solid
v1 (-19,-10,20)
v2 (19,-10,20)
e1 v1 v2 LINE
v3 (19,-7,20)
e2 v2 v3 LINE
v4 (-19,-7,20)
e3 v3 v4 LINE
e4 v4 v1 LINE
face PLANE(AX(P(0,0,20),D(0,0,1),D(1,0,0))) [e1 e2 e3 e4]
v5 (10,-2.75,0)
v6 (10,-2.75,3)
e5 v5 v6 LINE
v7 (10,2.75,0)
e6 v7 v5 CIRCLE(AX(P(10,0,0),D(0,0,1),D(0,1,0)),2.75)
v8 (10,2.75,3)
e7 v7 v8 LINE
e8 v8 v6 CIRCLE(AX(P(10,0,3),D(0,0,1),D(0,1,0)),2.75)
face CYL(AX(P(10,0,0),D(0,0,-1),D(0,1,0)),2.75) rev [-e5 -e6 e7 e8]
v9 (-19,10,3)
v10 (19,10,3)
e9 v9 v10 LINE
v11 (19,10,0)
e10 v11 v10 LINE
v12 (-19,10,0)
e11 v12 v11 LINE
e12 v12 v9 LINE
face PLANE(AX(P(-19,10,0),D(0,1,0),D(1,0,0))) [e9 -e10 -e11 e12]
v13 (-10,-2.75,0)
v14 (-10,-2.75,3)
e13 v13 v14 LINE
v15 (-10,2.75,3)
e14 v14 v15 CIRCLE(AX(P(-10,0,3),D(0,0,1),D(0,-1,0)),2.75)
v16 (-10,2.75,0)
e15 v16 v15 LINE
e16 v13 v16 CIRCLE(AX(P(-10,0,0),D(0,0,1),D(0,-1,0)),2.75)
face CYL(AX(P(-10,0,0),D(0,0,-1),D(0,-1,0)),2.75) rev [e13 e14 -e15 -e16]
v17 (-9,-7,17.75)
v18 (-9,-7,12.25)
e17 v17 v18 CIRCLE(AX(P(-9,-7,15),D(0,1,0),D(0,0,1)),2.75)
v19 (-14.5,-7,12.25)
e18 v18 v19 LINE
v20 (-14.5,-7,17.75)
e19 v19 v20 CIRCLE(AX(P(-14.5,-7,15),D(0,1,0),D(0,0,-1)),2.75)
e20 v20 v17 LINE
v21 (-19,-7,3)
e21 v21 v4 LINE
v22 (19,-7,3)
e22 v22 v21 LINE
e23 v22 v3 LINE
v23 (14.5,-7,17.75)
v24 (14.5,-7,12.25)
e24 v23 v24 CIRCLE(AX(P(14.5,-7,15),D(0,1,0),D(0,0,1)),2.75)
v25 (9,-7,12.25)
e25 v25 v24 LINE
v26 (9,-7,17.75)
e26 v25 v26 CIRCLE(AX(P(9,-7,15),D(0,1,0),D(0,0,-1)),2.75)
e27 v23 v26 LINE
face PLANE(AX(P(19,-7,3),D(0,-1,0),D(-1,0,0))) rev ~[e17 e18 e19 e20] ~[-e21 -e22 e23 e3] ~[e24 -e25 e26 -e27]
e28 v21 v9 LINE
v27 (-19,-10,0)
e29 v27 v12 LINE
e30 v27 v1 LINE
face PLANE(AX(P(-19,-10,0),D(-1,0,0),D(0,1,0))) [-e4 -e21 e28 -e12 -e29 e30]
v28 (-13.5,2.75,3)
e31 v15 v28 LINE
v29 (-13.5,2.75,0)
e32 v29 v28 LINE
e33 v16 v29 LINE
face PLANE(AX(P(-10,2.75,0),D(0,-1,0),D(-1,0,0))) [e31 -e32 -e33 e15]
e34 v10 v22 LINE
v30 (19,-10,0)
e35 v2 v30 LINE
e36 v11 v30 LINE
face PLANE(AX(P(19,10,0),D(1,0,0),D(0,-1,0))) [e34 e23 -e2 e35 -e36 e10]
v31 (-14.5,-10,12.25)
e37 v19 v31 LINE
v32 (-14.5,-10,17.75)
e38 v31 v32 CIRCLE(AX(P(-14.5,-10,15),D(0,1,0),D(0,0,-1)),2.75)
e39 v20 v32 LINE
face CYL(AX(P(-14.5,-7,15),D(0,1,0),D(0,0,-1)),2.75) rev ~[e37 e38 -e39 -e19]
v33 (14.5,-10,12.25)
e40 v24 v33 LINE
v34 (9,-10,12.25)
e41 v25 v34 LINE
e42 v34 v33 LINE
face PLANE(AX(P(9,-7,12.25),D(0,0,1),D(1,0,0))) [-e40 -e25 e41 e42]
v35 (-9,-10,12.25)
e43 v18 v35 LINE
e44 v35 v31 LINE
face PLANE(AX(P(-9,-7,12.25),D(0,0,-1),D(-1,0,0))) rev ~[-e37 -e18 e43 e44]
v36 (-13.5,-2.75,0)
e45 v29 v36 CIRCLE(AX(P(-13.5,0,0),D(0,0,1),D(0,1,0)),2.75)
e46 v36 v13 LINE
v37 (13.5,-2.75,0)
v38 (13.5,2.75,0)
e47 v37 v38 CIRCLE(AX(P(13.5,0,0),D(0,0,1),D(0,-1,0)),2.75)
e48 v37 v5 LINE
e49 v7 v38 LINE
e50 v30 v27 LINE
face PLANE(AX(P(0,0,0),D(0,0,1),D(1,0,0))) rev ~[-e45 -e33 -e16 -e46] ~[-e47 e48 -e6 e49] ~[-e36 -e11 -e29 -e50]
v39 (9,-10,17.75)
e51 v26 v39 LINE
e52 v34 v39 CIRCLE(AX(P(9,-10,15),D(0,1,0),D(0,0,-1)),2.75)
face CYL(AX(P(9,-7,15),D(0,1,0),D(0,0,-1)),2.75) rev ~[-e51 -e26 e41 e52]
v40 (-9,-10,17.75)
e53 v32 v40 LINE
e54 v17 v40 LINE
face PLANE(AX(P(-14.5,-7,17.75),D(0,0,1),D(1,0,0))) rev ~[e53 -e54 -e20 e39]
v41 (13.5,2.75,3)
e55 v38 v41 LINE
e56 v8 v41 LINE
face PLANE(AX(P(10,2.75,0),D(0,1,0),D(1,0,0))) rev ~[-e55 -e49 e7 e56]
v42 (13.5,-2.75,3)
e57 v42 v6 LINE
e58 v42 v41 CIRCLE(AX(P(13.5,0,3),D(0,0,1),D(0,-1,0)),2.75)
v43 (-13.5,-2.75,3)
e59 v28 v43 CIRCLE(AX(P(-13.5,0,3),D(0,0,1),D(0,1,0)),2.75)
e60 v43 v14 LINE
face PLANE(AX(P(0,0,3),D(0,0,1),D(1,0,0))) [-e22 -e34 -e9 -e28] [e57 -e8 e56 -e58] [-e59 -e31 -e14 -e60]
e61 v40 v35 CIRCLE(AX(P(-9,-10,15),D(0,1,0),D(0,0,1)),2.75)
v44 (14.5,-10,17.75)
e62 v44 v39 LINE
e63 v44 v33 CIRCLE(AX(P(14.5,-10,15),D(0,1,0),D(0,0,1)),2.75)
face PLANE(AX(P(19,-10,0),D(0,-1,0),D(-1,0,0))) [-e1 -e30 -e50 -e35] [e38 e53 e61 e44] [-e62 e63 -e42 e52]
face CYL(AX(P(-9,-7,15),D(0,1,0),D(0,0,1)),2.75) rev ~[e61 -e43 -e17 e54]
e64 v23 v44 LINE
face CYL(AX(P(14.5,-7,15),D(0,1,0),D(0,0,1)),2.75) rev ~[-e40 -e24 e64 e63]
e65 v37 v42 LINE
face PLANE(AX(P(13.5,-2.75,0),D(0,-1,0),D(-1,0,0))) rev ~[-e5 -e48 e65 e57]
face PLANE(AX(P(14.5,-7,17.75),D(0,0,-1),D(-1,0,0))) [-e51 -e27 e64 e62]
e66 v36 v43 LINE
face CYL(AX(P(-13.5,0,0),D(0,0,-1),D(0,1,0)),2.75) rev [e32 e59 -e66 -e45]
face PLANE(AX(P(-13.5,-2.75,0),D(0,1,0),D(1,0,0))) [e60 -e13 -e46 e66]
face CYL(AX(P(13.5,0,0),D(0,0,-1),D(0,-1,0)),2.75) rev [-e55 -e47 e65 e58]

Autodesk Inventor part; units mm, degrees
ref_plane "YZ Plane" through (0, 0, 0) normal (1, 0, 0) x (0, 1, 0)
ref_plane "XZ Plane" through (0, 0, 0) normal (0, 1, 0) x (-1, 0, 0)
ref_plane "XY Plane" through (0, 0, 0) normal (0, 0, 1) x (1, 0, 0)
sketch "Sketch1" plane through (0, 0, 0) normal (0, 0, 1) x (1, 0, 0)
  line L0 (-19, 10) -> (19, 10)
  line L1 (19, 10) -> (19, -10)
  line L2 (19, -10) -> (-19, -10)
  line L3 (-19, -10) -> (-19, 10)
  line L4 (-19, 0) -> (19, 0) construction
  line L5 (-13.5, 0) -> (-10, 0) construction
  line L6 (-13.5, -2.75) -> (-10, -2.75)
  line L7 (-10, 2.75) -> (-13.5, 2.75)
  arc A0 (-13.5, 2.75) -> (-13.5, -2.75) centre (-13.5, 0) ccw
  arc A1 (-10, -2.75) -> (-10, 2.75) centre (-10, 0) ccw
  line L8 (0, 10) -> (0, -10) construction
  line L9 (13.5, 0) -> (10, 0) construction
  line L10 (13.5, -2.75) -> (10, -2.75)
  line L11 (10, 2.75) -> (13.5, 2.75)
  arc A2 (13.5, -2.75) -> (13.5, 2.75) centre (13.5, 0) ccw
  arc A3 (10, 2.75) -> (10, -2.75) centre (10, 0) ccw
  point P0 (0, 0)
  point P1 (-11.75, 0)
  point P2 (11.75, 0)
  dimension "d0" = 20
  dimension "d1" = 38
  dimension "d2" = 5.5
  dimension "d3" = 3.5
  dimension "d4" = 10
  dimension "d15" = 23.5
extrude "Extrusion1" add sketch "Sketch1" along normal blind 3
sketch "Sketch2" plane through (0, 0, 3) normal (0, 0, 1) x (1, 0, 0)
  line L0 (19, -10) -> (19, 10) projected
  line L1 (-19, -10) -> (19, -10)
  line L2 (19, -10) -> (19, -7)
  line L3 (19, -7) -> (-19, -7)
  line L4 (-19, -7) -> (-19, -10)
  point P0 (0, 0)
  dimension "d7" = 3
extrude "Extrusion2" add sketch "Sketch2" along normal blind 17
sketch "Sketch3" plane through (-19, -7, 3) normal (0, 1, 0) x (1, 0, 0)
  line L0 (0, 0) -> (0, -17) projected
  line L1 (38, -17) -> (0, -17) projected
  line L2 (38, 0) -> (38, -17) projected
  line L3 (0, -12) -> (38, -12) construction
  line L4 (4.5, -12) -> (10, -12) construction
  line L5 (4.5, -14.75) -> (10, -14.75)
  line L6 (10, -9.25) -> (4.5, -9.25)
  arc A0 (4.5, -9.25) -> (4.5, -14.75) centre (4.5, -12) ccw
  arc A1 (10, -14.75) -> (10, -9.25) centre (10, -12) ccw
  line L7 (0, 0) -> (38, 0) projected
  line L8 (19, 0) -> (19, -17) construction
  line L9 (33.5, -12) -> (28, -12) construction
  line L10 (33.5, -14.75) -> (28, -14.75)
  line L11 (28, -9.25) -> (33.5, -9.25)
  arc A2 (33.5, -14.75) -> (33.5, -9.25) centre (33.5, -12) ccw
  arc A3 (28, -9.25) -> (28, -14.75) centre (28, -12) ccw
  point P0 (19, 3)
  point P1 (7.25, -12)
  point P2 (19, -12)
  point P3 (30.75, -12)
  dimension "d10" = 5.5
  dimension "d11" = 5.5
  dimension "d12" = 5
  dimension "d16" = 23.5
extrude "Extrusion3" cut sketch "Sketch3" against normal up to surface (3 mm away) contours A0 L6 A1 L5 | L10 A3 L11 A2
properties part number "L bracket double"
